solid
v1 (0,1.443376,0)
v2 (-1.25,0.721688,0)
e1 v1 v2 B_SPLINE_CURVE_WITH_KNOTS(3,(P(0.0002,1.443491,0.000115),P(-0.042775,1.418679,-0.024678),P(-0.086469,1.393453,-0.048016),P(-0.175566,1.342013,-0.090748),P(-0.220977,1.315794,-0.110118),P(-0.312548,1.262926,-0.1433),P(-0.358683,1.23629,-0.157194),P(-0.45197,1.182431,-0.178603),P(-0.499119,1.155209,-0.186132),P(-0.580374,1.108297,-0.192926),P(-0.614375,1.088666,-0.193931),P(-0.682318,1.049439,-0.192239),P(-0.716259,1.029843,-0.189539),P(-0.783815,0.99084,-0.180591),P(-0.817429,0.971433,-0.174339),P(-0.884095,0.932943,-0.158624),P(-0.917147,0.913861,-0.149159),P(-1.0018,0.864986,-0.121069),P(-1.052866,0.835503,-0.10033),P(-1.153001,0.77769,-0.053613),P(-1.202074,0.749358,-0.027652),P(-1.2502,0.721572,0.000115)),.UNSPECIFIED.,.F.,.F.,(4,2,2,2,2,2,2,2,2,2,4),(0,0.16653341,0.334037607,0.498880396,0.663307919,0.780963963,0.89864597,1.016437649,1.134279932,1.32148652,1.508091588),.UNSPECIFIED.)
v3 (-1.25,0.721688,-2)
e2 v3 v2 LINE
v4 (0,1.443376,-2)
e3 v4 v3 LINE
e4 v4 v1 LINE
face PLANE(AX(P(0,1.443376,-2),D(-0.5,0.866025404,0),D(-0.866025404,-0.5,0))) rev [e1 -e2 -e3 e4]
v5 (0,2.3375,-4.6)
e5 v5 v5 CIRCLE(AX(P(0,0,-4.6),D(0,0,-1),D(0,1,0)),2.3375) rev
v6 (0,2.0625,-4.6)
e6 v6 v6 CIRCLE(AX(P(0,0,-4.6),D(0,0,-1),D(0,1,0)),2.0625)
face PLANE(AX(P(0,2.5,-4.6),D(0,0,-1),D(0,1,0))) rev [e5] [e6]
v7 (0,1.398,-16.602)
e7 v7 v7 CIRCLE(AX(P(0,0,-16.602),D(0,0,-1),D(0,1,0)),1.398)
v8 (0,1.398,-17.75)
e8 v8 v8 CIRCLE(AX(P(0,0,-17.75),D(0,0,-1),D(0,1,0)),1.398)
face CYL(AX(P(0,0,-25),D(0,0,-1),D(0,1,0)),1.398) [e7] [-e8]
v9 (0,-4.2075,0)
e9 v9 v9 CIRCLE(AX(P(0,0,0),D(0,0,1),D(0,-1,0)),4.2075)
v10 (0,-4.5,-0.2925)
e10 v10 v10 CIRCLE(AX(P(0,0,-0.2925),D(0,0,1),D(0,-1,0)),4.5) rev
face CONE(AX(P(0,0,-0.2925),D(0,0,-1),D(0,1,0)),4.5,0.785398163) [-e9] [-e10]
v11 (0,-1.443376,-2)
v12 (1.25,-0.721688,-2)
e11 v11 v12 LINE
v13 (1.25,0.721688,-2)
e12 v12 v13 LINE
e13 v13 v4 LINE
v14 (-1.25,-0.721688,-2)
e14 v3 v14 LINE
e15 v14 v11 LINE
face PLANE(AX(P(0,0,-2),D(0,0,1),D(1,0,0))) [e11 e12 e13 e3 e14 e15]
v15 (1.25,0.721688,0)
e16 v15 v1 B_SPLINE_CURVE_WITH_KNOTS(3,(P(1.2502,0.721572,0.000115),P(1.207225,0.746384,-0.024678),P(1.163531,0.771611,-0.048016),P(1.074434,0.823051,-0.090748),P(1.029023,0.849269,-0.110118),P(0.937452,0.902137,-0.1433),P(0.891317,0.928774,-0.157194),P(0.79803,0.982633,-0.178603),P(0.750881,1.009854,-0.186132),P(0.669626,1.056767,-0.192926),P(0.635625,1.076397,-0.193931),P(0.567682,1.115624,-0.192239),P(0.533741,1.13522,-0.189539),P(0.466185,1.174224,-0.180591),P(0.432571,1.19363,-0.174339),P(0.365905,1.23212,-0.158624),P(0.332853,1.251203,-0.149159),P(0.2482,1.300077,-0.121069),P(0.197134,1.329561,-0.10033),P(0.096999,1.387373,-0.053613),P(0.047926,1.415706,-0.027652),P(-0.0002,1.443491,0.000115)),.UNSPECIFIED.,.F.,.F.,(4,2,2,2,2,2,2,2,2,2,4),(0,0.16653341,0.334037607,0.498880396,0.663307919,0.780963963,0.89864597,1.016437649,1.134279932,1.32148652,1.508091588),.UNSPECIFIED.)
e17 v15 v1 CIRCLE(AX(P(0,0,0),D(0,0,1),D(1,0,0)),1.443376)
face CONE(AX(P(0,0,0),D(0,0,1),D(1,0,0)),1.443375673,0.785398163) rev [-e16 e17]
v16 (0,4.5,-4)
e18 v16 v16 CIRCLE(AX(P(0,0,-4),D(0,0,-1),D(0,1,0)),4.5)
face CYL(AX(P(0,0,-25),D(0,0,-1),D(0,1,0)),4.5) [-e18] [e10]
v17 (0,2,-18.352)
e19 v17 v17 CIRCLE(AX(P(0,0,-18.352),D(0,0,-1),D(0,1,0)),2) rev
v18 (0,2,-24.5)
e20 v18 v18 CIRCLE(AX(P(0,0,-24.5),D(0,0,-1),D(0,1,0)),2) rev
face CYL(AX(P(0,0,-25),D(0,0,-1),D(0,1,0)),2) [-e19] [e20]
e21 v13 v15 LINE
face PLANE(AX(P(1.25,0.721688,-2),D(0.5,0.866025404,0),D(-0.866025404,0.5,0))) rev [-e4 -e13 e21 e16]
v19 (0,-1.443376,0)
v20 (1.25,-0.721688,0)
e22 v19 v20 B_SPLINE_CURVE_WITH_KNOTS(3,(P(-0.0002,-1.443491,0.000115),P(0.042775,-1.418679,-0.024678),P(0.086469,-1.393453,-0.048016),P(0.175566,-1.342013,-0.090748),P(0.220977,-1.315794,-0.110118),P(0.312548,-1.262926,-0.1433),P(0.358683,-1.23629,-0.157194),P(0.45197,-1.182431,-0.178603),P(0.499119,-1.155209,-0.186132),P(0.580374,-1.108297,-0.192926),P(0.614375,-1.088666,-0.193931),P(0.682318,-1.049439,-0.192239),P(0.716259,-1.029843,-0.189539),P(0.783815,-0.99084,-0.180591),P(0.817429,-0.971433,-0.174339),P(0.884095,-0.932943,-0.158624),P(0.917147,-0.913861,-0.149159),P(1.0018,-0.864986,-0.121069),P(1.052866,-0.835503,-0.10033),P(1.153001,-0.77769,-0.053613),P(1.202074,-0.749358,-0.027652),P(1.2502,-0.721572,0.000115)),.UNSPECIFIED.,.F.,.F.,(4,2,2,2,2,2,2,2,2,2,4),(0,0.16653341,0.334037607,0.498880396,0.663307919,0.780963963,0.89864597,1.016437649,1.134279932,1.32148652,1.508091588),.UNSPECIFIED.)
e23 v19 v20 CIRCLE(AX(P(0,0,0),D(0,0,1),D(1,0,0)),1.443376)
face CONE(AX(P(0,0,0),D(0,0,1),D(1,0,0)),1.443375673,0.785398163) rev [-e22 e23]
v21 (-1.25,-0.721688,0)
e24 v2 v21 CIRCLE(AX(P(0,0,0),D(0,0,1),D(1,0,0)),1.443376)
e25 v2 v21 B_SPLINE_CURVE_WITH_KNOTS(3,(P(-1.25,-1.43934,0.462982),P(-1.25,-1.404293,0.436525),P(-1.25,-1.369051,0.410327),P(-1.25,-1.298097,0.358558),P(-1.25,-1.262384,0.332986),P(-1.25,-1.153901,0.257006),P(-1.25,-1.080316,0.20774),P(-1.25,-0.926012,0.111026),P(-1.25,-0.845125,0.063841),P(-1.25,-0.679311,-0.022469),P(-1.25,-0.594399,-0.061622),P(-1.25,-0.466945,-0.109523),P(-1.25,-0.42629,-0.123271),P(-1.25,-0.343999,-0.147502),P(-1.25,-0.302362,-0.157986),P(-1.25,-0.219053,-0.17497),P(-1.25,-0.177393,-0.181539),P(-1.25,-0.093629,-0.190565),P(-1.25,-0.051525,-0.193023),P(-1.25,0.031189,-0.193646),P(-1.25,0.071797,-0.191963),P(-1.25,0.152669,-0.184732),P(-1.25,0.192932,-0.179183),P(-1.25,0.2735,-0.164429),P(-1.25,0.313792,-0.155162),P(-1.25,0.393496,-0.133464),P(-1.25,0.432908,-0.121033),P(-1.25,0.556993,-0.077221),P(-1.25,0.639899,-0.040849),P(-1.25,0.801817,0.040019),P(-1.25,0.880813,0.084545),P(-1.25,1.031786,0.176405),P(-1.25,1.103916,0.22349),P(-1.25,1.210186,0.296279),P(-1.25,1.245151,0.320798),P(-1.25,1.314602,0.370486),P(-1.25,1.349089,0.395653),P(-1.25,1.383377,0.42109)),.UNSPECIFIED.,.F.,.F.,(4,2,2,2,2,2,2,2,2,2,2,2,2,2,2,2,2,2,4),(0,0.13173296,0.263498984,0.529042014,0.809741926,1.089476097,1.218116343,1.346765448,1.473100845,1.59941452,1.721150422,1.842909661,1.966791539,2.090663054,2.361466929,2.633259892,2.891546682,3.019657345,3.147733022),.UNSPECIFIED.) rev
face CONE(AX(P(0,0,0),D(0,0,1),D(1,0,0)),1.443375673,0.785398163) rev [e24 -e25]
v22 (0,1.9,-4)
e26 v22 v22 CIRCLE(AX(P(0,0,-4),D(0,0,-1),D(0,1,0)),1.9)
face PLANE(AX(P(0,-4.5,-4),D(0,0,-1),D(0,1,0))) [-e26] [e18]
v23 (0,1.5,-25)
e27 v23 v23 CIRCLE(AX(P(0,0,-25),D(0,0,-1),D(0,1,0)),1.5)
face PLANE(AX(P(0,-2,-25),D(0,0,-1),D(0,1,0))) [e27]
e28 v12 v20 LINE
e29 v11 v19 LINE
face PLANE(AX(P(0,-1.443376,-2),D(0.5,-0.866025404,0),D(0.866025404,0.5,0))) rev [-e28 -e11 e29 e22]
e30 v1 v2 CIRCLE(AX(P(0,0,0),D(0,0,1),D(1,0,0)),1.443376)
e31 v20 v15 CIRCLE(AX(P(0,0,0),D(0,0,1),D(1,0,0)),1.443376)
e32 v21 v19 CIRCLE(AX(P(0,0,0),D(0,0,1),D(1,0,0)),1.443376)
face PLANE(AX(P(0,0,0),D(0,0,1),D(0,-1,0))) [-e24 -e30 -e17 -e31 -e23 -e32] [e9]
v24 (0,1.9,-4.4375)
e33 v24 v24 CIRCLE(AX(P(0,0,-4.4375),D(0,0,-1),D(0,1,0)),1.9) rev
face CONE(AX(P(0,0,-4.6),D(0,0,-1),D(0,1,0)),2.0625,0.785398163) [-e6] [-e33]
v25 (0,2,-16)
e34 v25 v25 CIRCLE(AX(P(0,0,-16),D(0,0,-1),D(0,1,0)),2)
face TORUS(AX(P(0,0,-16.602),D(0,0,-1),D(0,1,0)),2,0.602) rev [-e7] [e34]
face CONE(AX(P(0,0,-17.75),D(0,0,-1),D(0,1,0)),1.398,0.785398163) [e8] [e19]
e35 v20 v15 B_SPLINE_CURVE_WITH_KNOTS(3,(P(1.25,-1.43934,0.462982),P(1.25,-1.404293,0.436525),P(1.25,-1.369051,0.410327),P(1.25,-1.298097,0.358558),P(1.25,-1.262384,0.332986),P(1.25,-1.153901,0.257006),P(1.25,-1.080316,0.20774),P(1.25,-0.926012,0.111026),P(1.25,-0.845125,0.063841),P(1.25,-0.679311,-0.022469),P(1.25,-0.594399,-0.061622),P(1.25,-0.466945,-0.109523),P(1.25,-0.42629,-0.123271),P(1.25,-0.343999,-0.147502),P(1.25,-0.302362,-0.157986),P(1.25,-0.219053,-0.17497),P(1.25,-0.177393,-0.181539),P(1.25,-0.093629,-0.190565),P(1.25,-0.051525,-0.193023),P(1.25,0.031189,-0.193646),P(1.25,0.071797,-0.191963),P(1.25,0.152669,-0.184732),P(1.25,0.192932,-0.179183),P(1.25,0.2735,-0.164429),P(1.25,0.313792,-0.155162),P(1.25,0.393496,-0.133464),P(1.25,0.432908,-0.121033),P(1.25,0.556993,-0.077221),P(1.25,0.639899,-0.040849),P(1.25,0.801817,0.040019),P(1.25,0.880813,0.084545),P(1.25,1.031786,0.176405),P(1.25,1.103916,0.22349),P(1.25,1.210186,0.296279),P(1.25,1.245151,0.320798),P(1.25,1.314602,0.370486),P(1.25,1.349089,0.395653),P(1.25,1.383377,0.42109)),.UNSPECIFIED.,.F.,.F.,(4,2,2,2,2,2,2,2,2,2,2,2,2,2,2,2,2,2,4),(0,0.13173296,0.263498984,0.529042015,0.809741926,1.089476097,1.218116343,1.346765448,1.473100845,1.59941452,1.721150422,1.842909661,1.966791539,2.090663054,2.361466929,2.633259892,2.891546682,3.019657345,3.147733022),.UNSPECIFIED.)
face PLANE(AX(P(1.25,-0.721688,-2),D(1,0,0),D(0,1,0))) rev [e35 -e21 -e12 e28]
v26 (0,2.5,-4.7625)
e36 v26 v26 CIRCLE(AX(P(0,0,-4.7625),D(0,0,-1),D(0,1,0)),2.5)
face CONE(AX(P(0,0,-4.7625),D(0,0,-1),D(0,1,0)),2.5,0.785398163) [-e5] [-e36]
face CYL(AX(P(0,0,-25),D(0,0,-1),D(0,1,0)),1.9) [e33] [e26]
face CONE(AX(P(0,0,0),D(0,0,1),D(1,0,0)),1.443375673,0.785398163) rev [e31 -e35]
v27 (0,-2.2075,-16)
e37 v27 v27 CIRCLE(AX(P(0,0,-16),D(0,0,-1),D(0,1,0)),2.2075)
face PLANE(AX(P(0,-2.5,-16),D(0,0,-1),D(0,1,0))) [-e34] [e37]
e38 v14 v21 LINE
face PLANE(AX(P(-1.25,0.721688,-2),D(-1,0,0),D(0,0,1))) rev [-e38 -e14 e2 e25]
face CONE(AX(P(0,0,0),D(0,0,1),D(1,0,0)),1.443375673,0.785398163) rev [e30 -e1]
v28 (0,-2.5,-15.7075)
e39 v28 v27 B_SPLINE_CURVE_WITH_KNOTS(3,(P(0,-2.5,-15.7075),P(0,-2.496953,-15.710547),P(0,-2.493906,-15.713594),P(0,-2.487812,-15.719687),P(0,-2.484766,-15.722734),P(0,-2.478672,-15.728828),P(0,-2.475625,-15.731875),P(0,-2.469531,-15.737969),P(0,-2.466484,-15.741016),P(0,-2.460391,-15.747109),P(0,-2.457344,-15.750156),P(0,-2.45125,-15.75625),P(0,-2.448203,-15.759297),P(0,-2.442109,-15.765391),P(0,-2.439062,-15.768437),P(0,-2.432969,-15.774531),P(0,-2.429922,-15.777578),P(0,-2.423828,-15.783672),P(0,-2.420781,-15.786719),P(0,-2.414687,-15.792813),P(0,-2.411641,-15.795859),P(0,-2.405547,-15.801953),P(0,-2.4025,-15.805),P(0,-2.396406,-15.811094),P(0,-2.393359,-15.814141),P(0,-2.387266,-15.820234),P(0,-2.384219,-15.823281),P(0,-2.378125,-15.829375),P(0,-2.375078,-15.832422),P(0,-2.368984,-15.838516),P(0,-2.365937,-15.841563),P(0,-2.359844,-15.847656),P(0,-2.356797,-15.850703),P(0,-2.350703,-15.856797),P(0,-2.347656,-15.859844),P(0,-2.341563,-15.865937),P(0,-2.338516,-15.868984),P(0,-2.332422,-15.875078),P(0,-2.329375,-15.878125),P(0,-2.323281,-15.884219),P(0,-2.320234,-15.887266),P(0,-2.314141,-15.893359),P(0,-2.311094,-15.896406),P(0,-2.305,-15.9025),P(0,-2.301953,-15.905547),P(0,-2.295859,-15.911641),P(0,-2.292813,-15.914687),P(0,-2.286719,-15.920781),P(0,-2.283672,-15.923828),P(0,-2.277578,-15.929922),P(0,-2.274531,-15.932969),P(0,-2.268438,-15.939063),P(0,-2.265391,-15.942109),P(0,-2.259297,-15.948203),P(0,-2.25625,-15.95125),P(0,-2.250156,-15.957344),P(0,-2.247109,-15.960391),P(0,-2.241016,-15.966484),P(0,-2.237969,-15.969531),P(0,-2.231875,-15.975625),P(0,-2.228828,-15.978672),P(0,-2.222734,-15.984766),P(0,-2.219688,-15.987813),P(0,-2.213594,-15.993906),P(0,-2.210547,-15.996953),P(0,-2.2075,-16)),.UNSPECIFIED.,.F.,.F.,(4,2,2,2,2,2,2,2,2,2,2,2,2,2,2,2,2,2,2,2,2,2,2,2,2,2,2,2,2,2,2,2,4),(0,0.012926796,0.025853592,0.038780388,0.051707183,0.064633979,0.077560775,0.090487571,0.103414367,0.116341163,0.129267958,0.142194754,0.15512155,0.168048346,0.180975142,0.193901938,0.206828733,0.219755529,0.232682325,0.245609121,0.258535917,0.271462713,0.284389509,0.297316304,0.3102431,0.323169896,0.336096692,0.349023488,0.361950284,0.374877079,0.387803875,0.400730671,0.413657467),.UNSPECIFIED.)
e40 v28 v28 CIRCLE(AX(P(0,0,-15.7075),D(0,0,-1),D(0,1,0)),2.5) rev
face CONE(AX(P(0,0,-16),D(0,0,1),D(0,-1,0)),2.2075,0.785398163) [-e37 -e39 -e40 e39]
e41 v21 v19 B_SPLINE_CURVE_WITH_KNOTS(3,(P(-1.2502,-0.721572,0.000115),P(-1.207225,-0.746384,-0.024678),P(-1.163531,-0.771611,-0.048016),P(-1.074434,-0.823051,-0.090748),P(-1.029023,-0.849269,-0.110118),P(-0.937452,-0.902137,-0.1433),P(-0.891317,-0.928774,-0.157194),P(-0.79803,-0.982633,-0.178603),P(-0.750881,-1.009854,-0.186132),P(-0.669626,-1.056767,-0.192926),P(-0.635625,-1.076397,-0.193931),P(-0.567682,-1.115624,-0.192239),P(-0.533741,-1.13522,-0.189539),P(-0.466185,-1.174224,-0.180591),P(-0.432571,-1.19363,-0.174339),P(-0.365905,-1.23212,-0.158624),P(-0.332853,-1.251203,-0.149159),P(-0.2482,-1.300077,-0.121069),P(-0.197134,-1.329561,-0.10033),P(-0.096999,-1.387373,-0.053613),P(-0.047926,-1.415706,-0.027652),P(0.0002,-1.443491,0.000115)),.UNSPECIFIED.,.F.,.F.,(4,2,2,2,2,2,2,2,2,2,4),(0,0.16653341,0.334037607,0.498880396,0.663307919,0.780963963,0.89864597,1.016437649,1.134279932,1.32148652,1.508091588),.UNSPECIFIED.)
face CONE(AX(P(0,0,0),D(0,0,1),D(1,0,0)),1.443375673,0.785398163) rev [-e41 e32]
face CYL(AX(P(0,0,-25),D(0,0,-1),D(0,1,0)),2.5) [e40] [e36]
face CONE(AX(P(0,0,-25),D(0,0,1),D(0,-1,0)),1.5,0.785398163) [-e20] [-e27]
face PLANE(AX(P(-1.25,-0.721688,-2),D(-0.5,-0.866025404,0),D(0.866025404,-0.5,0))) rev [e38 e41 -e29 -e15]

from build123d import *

# Parameters (mm, degrees)
SKETCH12_W         = 0.6
SKETCH12_H         = 0.6
CHAMFER3_SIZE      = 0.1625
CHAMFER1_SIZE      = 0.5
CHAMFER2_SIZE      = 0.2925
CUT_EXTRUDE2_DEPTH = 2


with BuildPart() as part:
    # Sketch1 → Revolve1 (revolve)
    with BuildSketch(Plane(origin=(0, 0, 0), x_dir=(0, 0, -1), z_dir=(1, 0, 0))):
        Polygon((0, 4.5), (4, 4.5), (4, 2.5), (16, 2.5), (16, 2), (25, 2), (25, 0), (0, 0), align=None)
    revolve(axis=Axis((0, 0, -25), (0, 0, 1)))

    # Sketch12 → Cut-Revolve2 (revolve, cut)
    with BuildSketch(Plane(origin=(0, 0, 0), x_dir=(0, 0, -1), z_dir=(1, 0, 0))):
        with Locations((4.3, 2.2)):
            Rectangle(SKETCH12_W, SKETCH12_H)
    revolve(axis=Axis((0, 0, -25), (0, 0, 1)), mode=Mode.SUBTRACT)

    # Chamfer3
    chamfer3_edges = [part.edges().sort_by_distance(p)[0] for p in [
        (0, -1.9, -4.6),
        (0, -2.5, -4.6),
    ]]
    chamfer(chamfer3_edges, length=CHAMFER3_SIZE)

    # Sketch5 → Cut-Revolve1 (revolve, cut)
    with BuildSketch(Plane(origin=(0, 0, 0), x_dir=(0, 0, -1), z_dir=(1, 0, 0))):
        with BuildLine():
            Line((16, 2.5), (18.852, 2.5))
            Line((18.852, 2.5), (17.75, 1.398))
            Line((17.75, 1.398), (16.602, 1.398))
            ThreePointArc((16.602, 1.398), (16.176321718, 1.574321718), (16, 2))
            Line((16, 2), (16, 2.5))
        make_face()
    revolve(axis=Axis((0, 0, -25), (0, 0, 1)), mode=Mode.SUBTRACT)

    # Chamfer1
    chamfer1_edges = [part.edges().sort_by_distance(p)[0] for p in [
        (0, -2, -25),
    ]]
    chamfer(chamfer1_edges, length=CHAMFER1_SIZE)

    # Chamfer2
    chamfer2_edges = [part.edges().sort_by_distance(p)[0] for p in [
        (0, -2.5, -16),
        (0, -4.5, 0),
    ]]
    chamfer(chamfer2_edges, length=CHAMFER2_SIZE)

    # Sketch8 → Cut-Extrude2 (cut)
    with BuildSketch(Plane.XY):
        Polygon((1.25, 0.721687836), (0, 1.443375673), (-1.25, 0.721687836), (-1.25, -0.721687836), (0, -1.443375673), (1.25, -0.721687836), align=None)
    extrude(amount=-CUT_EXTRUDE2_DEPTH, mode=Mode.SUBTRACT)

    # Cut-Extrude4 cone 1 section (through the dimple's axis) → Cut-Extrude4 (revolve, cut)
    with BuildSketch(Plane(origin=(0, 0, 0), x_dir=(0, -1, 0), z_dir=(1, 0, 0))):
        Polygon((0, 0), (1.443375673, 0), (0, 1.443375673), align=None)
    revolve(axis=Axis((0, 0, 0), (0, 0, -1)), mode=Mode.SUBTRACT)


solid = part.part
